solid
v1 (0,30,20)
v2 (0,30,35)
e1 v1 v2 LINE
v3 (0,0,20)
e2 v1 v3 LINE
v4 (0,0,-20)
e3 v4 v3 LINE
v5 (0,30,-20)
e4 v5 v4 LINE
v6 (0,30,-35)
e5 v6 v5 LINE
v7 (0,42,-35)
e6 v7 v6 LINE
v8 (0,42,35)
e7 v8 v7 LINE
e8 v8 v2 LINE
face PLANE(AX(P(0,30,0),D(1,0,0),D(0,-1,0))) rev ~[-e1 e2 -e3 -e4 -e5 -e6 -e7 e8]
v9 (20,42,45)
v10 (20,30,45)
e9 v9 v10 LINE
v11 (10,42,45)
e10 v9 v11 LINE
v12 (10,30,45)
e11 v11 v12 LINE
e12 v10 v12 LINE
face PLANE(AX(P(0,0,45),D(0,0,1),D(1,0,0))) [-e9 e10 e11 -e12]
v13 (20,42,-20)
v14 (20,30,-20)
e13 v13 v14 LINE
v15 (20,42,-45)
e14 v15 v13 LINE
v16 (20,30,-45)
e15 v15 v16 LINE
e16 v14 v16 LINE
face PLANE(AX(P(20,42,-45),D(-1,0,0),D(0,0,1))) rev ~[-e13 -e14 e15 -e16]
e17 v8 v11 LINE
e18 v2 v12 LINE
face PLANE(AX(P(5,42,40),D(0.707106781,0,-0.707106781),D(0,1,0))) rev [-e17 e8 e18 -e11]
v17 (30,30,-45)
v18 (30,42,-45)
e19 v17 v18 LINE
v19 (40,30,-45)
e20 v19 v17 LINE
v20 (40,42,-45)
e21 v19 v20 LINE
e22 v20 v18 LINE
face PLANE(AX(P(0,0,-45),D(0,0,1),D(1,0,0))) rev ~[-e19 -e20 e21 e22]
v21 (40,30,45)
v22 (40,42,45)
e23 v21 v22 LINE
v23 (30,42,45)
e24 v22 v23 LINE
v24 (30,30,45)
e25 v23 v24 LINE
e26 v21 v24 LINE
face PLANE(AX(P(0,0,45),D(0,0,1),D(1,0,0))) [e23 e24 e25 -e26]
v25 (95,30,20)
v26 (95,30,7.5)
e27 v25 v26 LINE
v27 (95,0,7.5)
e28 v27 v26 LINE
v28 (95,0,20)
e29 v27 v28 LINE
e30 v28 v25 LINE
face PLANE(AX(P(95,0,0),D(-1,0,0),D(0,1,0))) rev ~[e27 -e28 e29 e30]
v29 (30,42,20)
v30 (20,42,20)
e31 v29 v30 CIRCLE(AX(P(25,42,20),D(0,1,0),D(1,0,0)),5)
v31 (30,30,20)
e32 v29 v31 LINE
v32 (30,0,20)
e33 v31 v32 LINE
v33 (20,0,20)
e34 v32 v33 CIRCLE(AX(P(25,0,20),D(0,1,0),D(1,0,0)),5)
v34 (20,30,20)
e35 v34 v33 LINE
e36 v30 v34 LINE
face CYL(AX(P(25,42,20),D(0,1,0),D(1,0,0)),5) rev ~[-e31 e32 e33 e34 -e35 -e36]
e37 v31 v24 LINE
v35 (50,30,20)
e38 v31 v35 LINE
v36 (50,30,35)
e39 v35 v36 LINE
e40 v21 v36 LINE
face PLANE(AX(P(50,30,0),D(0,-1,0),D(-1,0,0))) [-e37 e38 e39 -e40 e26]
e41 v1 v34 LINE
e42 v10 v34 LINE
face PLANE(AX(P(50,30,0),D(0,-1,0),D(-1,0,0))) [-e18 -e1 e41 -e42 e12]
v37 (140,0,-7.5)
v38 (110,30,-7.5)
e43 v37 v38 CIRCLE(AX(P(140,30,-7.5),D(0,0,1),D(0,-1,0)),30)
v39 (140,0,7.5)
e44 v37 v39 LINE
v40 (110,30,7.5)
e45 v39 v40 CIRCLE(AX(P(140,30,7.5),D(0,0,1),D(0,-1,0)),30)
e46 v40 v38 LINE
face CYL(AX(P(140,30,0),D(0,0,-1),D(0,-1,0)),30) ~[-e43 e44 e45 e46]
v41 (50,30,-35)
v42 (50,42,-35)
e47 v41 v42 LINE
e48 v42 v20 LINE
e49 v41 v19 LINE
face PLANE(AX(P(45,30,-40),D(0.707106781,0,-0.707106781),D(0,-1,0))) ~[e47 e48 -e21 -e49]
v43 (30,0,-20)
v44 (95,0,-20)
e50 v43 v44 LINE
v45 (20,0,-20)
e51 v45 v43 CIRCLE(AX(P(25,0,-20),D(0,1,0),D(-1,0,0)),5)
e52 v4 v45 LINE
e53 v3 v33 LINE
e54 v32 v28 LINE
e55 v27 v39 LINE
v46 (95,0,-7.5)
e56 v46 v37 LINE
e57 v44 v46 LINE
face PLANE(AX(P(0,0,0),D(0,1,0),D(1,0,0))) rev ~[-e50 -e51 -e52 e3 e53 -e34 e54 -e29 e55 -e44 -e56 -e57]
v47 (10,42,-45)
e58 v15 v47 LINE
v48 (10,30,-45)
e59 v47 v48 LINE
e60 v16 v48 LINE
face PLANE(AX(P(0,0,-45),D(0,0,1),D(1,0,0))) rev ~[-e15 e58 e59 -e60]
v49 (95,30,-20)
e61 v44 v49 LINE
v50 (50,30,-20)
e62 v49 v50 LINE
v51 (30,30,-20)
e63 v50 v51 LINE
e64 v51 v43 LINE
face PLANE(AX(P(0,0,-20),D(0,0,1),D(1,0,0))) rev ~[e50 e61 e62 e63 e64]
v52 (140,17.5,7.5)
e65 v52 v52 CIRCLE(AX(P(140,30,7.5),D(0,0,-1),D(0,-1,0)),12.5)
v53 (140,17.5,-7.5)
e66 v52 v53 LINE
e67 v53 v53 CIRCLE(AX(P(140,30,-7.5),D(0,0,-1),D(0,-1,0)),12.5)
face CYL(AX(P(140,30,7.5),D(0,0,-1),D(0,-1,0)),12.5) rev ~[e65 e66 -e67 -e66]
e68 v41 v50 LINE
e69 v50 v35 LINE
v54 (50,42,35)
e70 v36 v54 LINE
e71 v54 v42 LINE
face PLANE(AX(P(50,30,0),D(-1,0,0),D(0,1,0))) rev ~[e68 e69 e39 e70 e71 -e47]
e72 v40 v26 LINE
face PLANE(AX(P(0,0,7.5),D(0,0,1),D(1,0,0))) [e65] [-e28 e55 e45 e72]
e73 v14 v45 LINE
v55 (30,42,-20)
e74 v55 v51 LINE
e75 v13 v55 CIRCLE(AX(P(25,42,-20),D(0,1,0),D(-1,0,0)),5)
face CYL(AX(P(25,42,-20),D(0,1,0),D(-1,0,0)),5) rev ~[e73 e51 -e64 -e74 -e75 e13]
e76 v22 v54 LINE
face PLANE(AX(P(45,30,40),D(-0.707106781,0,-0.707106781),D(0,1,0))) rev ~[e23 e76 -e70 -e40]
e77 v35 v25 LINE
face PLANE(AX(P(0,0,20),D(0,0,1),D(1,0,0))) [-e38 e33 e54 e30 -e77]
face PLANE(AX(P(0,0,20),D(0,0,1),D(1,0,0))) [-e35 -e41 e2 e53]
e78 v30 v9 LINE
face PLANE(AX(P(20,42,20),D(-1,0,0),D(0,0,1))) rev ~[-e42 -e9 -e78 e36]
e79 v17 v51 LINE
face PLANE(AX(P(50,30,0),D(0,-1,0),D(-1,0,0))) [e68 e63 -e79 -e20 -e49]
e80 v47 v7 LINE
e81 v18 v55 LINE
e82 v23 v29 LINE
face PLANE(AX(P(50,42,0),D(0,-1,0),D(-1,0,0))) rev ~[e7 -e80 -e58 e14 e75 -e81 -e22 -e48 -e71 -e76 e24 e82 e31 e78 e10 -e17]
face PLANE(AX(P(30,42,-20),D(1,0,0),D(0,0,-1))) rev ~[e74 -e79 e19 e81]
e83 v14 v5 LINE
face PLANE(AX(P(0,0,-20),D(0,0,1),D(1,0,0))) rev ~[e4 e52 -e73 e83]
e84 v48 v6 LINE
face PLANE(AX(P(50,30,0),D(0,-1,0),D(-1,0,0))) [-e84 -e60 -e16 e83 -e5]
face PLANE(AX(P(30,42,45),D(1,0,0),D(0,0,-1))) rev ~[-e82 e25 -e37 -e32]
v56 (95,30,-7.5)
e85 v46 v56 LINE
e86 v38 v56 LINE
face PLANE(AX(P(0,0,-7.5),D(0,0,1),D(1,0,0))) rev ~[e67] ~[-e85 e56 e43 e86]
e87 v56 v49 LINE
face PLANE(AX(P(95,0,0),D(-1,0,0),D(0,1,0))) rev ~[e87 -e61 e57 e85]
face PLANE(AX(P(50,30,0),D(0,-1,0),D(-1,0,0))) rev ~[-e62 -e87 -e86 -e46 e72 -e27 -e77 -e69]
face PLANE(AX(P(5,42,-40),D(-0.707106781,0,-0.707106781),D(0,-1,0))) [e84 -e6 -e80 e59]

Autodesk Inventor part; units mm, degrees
ref_plane "YZ Plane" through (0, 0, 0) normal (1, 0, 0) x (0, 1, 0)
ref_plane "XZ Plane" through (0, 0, 0) normal (0, 1, 0) x (-1, 0, 0)
ref_plane "XY Plane" through (0, 0, 0) normal (0, 0, 1) x (1, 0, 0)
sketch "Esboço1" plane through (0, 0, 0) normal (0, 0, 1) x (1, 0, 0)
  line L0 (0, 0) -> (95, 0)
  line L1 (95, 0) -> (95, 30)
  line L2 (95, 30) -> (0, 30)
  line L3 (0, 30) -> (0, 0)
  line L4 (0, 30) -> (50, 30)
  line L5 (50, 30) -> (50, 42)
  line L6 (50, 42) -> (0, 42)
  line L7 (0, 42) -> (0, 30)
  line L8 (95, 0) -> (140, 0)
  line L9 (110, 30) -> (95, 30)
  line L10 (95, 30) -> (95, 0)
  arc A0 (140, 0) -> (110, 30) centre (140, 30) ccw
  dimension "d0" = 95
  dimension "d1" = 30
  dimension "d2" = 50
  dimension "d3" = 12
  dimension "d5" = 60
  dimension "d6" = 140
extrude "Extrusão1" add sketch "Esboço1" along normal mid plane 40 contours L3 L2 L1 L0
extrude "Extrusão2" add sketch "Esboço1" along normal mid plane 90 contours L7 L6 L5 L2
extrude "Extrusão3" add sketch "Esboço1" along normal mid plane 15 contours L1 L9 A0 L8
sketch "Esboço2" plane through (0, 0, 7.5) normal (0, 0, 1) x (1, 0, 0)
  arc A0 (140, 0) -> (110, 30) centre (140, 30) ccw projected
  point P0 (0, 0)
hole "Furo1" at (140, 30, 7.5) direction (0, 0, -1) diameter 25 end through all
sketch "Esboço3" plane through (0, 42, 45) normal (0, 1, 0) x (1, 0, 0)
  line L0 (25, -25) -> (25, 25) construction
  line L1 (50, 0) -> (0, 0) projected
  line L2 (30, -25) -> (30, 25)
  line L3 (20, 25) -> (20, -25)
  arc A0 (20, -25) -> (30, -25) centre (25, -25) ccw
  arc A1 (30, 25) -> (20, 25) centre (25, 25) ccw
  line L4 (25, 115) -> (25, 65) construction
  line L5 (50, 90) -> (0, 90) projected
  line L6 (20, 115) -> (20, 65)
  line L7 (30, 65) -> (30, 115)
  arc A2 (30, 115) -> (20, 115) centre (25, 115) ccw
  arc A3 (20, 65) -> (30, 65) centre (25, 65) ccw
  point P0 (0, 45)
  point P1 (25, 0)
  point P2 (25, 90)
  point P3 (20, 0)
  point P4 (30, 0)
  dimension "d20" = 5
  dimension "d21" = 5
  dimension "d22" = 25
  dimension "d23" = 25
extrude "Extrusão4" cut sketch "Esboço3" against normal through all contours L1 L3 A1 L2
extrude "Extrusão5" cut sketch "Esboço3" against normal through all contours L7 A3 L6 L5 | L5 L6 A2 L7
chamfer "Chanfro1" distance 10 angle 45 1 edges at (0, 36, 45) measured on face at (0, 10, 6.6667)
chamfer "Chanfro2" distance 10 angle 45 1 edges at (50, 36, 45) measured on face at (50, 38, -6.6667)
chamfer "Chanfro3" distance 10 angle 45 1 edges at (50, 36, -45) measured on face at (50, 38, -10)
chamfer "Chanfro4" distance 10 angle 45 1 edges at (0, 36, -45) measured on face at (0, 10, 6.6667)
properties part number "Peça teste 4"
